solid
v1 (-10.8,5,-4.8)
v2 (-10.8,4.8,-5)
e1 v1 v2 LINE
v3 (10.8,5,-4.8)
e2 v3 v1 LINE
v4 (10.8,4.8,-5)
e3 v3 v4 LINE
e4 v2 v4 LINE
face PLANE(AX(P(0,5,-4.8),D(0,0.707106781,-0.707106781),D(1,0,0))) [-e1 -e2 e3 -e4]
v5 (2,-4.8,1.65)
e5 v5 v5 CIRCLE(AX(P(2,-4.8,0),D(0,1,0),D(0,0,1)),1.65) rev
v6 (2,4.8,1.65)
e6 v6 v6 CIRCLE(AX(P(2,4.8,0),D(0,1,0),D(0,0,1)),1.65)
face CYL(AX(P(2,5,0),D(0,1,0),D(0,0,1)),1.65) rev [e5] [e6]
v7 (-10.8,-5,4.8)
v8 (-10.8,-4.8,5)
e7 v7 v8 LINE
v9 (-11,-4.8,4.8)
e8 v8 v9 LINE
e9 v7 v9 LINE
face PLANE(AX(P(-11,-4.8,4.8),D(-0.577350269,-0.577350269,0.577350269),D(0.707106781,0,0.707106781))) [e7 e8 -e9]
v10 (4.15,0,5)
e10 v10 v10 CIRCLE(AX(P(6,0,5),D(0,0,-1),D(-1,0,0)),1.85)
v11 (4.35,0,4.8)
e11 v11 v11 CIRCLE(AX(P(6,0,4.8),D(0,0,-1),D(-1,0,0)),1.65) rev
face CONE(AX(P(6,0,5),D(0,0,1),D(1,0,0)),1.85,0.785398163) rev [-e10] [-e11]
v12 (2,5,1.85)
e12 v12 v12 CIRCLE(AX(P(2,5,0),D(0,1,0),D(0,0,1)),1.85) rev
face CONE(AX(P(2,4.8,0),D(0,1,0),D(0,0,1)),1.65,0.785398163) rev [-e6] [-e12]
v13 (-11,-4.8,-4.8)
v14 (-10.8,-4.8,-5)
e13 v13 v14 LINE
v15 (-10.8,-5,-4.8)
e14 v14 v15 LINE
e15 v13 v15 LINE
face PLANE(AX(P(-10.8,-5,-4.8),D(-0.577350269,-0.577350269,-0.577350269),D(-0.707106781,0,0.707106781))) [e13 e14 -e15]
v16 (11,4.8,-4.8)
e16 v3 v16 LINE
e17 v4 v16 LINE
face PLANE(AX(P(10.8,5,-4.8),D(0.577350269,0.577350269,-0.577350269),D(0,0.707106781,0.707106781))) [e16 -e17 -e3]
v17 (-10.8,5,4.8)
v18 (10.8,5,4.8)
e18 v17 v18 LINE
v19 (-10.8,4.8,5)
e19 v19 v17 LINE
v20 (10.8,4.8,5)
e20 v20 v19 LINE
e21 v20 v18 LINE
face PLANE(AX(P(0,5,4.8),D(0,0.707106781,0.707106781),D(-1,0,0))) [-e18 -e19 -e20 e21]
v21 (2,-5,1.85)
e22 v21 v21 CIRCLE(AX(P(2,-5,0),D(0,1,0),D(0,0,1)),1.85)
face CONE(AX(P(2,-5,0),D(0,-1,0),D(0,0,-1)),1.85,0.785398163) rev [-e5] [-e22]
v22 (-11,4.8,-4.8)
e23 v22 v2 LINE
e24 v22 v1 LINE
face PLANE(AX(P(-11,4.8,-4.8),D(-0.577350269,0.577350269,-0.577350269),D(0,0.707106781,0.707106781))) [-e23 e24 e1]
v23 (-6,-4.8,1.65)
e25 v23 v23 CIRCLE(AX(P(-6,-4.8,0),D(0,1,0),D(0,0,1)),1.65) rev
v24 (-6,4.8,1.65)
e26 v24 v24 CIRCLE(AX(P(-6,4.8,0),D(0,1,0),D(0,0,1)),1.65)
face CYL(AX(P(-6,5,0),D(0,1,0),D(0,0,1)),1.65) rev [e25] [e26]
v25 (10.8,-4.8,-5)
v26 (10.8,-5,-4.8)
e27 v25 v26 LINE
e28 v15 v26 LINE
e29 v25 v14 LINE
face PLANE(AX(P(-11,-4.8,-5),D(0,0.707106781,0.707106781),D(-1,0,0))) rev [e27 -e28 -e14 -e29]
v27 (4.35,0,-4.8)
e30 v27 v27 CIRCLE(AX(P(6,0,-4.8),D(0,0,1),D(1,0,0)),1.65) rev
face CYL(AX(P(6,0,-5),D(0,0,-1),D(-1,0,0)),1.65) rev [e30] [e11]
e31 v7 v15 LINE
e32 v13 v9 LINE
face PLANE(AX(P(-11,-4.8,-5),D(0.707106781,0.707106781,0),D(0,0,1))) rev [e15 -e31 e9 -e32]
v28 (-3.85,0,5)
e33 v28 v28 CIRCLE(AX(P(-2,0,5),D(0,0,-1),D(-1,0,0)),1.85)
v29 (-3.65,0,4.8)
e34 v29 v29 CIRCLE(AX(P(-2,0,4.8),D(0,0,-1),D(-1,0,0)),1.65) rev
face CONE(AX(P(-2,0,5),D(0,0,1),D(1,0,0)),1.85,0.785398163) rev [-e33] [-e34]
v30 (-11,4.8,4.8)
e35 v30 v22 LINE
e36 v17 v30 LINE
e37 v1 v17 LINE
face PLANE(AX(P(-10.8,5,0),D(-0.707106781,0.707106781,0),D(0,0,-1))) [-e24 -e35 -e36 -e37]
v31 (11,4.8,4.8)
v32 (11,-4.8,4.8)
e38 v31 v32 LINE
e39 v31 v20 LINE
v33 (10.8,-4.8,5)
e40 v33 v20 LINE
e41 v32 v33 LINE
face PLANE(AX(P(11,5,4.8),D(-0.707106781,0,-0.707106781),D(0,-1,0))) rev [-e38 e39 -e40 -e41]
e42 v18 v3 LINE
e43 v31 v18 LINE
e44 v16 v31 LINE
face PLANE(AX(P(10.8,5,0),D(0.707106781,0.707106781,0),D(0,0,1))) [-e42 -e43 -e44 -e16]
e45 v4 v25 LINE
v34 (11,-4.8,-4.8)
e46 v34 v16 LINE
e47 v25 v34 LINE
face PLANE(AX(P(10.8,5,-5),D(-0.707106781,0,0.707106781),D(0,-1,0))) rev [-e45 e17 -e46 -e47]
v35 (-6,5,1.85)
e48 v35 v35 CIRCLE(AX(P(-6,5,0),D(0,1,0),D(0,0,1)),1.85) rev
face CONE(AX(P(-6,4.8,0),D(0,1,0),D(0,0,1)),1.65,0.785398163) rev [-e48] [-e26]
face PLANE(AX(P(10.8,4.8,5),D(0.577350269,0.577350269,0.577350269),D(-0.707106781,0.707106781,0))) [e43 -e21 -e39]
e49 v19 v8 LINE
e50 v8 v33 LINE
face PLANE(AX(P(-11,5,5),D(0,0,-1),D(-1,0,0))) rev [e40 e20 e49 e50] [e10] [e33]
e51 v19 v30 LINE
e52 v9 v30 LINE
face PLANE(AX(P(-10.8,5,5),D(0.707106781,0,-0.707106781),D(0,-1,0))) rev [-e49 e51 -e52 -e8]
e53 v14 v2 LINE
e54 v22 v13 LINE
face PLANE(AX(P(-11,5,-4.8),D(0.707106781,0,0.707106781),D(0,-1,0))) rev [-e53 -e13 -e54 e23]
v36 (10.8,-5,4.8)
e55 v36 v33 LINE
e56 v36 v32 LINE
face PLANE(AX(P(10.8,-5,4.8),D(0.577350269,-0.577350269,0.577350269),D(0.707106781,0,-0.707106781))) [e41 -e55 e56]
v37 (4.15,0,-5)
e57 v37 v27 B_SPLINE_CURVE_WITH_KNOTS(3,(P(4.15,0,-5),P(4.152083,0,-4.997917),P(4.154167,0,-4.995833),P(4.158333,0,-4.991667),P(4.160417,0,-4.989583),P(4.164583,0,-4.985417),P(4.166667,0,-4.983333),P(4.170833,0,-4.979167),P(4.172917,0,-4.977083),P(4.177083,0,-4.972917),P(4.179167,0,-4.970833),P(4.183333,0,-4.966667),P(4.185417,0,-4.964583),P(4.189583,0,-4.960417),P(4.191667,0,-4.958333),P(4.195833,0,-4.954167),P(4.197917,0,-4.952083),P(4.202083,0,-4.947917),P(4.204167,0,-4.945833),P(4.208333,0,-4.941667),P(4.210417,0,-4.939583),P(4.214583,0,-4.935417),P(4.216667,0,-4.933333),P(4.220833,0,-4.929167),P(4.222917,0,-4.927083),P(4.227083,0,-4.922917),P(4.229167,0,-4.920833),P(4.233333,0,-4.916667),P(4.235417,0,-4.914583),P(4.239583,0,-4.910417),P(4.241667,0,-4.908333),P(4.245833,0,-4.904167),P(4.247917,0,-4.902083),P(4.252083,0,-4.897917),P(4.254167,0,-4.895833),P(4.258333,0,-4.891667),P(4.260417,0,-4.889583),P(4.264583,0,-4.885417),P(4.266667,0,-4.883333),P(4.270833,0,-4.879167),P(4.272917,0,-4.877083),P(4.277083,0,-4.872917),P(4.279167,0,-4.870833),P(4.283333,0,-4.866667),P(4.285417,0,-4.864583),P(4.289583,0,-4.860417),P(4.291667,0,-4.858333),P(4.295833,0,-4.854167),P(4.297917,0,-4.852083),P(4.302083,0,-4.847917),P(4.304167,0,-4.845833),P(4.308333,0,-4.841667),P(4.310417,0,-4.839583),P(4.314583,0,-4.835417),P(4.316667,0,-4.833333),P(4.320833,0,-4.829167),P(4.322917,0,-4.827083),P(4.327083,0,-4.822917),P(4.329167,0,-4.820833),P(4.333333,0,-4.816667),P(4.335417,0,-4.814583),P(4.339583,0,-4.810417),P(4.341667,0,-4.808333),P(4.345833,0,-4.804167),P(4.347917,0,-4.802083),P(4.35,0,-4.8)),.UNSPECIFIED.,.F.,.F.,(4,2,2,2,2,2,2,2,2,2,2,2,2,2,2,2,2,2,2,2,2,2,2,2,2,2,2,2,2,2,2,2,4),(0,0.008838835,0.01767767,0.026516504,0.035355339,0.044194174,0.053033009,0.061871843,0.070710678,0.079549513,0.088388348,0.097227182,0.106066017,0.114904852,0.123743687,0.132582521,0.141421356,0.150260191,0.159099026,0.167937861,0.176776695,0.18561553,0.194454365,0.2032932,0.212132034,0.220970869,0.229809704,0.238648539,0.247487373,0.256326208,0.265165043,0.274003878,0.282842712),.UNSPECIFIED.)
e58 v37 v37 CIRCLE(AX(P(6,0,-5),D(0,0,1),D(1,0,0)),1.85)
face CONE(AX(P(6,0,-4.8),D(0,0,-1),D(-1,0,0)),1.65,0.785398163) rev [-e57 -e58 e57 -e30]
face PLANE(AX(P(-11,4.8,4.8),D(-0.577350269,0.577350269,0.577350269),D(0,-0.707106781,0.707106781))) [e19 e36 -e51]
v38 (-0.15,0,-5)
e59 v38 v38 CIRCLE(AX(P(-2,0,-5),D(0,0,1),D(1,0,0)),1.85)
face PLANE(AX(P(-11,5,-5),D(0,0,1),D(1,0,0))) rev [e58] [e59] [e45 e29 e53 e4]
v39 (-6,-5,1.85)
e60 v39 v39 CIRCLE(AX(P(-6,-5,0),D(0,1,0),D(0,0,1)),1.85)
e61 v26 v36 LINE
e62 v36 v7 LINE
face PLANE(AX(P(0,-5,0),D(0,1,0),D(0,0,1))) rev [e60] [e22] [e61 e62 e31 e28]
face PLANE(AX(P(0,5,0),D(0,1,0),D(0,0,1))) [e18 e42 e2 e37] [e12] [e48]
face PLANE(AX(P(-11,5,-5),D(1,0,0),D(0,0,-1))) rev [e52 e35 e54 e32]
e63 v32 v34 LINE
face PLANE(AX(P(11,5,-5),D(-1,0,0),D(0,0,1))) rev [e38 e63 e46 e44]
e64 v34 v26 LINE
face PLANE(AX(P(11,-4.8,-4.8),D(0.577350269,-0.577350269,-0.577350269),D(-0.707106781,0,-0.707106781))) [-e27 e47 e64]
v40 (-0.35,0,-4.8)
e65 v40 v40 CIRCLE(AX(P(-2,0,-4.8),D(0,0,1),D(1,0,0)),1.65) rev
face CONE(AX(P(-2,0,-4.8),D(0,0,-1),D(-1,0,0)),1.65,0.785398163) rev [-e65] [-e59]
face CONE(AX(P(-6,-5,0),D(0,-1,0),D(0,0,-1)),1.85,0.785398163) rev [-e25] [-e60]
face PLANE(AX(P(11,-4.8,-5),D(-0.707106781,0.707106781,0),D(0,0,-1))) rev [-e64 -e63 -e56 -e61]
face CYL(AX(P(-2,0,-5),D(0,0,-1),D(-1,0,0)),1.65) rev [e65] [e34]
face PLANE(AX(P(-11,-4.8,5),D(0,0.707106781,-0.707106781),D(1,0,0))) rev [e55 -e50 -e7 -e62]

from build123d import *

# Parameters (mm, degrees)
SKETCH_1_W         = 22
SKETCH_1_H         = 10
EXTRUDE_1_DEPTH    = 5
HOLE_WIZARD_M4_1_D = 3.3
HOLE_WIZARD_M4_2_D = 3.3
CHAMFER_1_SIZE     = 0.2


with BuildPart() as part:
    # 草图1 → 凸台-拉伸1 (new, symmetric)
    with BuildSketch(Plane(origin=(0, 0, 0), x_dir=(1, 0, 0), z_dir=(0, 1, 0))):
        Rectangle(SKETCH_1_W, SKETCH_1_H)
    extrude(amount=EXTRUDE_1_DEPTH, both=True)

    # M4 螺纹孔1 (through all)
    with Locations(Plane(origin=(0, 5, 0), x_dir=(1, 0, 0), z_dir=(0, 1, 0))):
        with Locations((-6, 0), (2, 0)):
            Hole(HOLE_WIZARD_M4_1_D / 2)

    # M4 螺纹孔2 (through all)
    with Locations(Plane(origin=(0, 0, -5), x_dir=(-1, 0, 0), z_dir=(0, 0, -1))):
        with Locations((-6, 0), (2, 0)):
            Hole(HOLE_WIZARD_M4_2_D / 2)

    # 倒角1
    chamfer_1_edges = [part.edges().sort_by_distance(p)[0] for p in [
        (-11, 5, 0),
        (3.65, 5, 0),
        (3.65, -5, 0),
        (0, 5, 5),
        (-4.35, 5, 0),
        (-4.35, -5, 0),
        (-3.65, 0, -5),
        (-3.65, 0, 5),
        (4.35, 0, -5),
        (4.35, 0, 5),
        (11, 5, 0),
        (0, -5, 5),
        (-11, -5, 0),
        (0, -5, -5),
        (11, -5, 0),
        (11, 0, 5),
        (-11, 0, 5),
        (-11, 0, -5),
        (11, 0, -5),
        (0, 5, -5),
    ]]
    chamfer(chamfer_1_edges, length=CHAMFER_1_SIZE)


solid = part.part
